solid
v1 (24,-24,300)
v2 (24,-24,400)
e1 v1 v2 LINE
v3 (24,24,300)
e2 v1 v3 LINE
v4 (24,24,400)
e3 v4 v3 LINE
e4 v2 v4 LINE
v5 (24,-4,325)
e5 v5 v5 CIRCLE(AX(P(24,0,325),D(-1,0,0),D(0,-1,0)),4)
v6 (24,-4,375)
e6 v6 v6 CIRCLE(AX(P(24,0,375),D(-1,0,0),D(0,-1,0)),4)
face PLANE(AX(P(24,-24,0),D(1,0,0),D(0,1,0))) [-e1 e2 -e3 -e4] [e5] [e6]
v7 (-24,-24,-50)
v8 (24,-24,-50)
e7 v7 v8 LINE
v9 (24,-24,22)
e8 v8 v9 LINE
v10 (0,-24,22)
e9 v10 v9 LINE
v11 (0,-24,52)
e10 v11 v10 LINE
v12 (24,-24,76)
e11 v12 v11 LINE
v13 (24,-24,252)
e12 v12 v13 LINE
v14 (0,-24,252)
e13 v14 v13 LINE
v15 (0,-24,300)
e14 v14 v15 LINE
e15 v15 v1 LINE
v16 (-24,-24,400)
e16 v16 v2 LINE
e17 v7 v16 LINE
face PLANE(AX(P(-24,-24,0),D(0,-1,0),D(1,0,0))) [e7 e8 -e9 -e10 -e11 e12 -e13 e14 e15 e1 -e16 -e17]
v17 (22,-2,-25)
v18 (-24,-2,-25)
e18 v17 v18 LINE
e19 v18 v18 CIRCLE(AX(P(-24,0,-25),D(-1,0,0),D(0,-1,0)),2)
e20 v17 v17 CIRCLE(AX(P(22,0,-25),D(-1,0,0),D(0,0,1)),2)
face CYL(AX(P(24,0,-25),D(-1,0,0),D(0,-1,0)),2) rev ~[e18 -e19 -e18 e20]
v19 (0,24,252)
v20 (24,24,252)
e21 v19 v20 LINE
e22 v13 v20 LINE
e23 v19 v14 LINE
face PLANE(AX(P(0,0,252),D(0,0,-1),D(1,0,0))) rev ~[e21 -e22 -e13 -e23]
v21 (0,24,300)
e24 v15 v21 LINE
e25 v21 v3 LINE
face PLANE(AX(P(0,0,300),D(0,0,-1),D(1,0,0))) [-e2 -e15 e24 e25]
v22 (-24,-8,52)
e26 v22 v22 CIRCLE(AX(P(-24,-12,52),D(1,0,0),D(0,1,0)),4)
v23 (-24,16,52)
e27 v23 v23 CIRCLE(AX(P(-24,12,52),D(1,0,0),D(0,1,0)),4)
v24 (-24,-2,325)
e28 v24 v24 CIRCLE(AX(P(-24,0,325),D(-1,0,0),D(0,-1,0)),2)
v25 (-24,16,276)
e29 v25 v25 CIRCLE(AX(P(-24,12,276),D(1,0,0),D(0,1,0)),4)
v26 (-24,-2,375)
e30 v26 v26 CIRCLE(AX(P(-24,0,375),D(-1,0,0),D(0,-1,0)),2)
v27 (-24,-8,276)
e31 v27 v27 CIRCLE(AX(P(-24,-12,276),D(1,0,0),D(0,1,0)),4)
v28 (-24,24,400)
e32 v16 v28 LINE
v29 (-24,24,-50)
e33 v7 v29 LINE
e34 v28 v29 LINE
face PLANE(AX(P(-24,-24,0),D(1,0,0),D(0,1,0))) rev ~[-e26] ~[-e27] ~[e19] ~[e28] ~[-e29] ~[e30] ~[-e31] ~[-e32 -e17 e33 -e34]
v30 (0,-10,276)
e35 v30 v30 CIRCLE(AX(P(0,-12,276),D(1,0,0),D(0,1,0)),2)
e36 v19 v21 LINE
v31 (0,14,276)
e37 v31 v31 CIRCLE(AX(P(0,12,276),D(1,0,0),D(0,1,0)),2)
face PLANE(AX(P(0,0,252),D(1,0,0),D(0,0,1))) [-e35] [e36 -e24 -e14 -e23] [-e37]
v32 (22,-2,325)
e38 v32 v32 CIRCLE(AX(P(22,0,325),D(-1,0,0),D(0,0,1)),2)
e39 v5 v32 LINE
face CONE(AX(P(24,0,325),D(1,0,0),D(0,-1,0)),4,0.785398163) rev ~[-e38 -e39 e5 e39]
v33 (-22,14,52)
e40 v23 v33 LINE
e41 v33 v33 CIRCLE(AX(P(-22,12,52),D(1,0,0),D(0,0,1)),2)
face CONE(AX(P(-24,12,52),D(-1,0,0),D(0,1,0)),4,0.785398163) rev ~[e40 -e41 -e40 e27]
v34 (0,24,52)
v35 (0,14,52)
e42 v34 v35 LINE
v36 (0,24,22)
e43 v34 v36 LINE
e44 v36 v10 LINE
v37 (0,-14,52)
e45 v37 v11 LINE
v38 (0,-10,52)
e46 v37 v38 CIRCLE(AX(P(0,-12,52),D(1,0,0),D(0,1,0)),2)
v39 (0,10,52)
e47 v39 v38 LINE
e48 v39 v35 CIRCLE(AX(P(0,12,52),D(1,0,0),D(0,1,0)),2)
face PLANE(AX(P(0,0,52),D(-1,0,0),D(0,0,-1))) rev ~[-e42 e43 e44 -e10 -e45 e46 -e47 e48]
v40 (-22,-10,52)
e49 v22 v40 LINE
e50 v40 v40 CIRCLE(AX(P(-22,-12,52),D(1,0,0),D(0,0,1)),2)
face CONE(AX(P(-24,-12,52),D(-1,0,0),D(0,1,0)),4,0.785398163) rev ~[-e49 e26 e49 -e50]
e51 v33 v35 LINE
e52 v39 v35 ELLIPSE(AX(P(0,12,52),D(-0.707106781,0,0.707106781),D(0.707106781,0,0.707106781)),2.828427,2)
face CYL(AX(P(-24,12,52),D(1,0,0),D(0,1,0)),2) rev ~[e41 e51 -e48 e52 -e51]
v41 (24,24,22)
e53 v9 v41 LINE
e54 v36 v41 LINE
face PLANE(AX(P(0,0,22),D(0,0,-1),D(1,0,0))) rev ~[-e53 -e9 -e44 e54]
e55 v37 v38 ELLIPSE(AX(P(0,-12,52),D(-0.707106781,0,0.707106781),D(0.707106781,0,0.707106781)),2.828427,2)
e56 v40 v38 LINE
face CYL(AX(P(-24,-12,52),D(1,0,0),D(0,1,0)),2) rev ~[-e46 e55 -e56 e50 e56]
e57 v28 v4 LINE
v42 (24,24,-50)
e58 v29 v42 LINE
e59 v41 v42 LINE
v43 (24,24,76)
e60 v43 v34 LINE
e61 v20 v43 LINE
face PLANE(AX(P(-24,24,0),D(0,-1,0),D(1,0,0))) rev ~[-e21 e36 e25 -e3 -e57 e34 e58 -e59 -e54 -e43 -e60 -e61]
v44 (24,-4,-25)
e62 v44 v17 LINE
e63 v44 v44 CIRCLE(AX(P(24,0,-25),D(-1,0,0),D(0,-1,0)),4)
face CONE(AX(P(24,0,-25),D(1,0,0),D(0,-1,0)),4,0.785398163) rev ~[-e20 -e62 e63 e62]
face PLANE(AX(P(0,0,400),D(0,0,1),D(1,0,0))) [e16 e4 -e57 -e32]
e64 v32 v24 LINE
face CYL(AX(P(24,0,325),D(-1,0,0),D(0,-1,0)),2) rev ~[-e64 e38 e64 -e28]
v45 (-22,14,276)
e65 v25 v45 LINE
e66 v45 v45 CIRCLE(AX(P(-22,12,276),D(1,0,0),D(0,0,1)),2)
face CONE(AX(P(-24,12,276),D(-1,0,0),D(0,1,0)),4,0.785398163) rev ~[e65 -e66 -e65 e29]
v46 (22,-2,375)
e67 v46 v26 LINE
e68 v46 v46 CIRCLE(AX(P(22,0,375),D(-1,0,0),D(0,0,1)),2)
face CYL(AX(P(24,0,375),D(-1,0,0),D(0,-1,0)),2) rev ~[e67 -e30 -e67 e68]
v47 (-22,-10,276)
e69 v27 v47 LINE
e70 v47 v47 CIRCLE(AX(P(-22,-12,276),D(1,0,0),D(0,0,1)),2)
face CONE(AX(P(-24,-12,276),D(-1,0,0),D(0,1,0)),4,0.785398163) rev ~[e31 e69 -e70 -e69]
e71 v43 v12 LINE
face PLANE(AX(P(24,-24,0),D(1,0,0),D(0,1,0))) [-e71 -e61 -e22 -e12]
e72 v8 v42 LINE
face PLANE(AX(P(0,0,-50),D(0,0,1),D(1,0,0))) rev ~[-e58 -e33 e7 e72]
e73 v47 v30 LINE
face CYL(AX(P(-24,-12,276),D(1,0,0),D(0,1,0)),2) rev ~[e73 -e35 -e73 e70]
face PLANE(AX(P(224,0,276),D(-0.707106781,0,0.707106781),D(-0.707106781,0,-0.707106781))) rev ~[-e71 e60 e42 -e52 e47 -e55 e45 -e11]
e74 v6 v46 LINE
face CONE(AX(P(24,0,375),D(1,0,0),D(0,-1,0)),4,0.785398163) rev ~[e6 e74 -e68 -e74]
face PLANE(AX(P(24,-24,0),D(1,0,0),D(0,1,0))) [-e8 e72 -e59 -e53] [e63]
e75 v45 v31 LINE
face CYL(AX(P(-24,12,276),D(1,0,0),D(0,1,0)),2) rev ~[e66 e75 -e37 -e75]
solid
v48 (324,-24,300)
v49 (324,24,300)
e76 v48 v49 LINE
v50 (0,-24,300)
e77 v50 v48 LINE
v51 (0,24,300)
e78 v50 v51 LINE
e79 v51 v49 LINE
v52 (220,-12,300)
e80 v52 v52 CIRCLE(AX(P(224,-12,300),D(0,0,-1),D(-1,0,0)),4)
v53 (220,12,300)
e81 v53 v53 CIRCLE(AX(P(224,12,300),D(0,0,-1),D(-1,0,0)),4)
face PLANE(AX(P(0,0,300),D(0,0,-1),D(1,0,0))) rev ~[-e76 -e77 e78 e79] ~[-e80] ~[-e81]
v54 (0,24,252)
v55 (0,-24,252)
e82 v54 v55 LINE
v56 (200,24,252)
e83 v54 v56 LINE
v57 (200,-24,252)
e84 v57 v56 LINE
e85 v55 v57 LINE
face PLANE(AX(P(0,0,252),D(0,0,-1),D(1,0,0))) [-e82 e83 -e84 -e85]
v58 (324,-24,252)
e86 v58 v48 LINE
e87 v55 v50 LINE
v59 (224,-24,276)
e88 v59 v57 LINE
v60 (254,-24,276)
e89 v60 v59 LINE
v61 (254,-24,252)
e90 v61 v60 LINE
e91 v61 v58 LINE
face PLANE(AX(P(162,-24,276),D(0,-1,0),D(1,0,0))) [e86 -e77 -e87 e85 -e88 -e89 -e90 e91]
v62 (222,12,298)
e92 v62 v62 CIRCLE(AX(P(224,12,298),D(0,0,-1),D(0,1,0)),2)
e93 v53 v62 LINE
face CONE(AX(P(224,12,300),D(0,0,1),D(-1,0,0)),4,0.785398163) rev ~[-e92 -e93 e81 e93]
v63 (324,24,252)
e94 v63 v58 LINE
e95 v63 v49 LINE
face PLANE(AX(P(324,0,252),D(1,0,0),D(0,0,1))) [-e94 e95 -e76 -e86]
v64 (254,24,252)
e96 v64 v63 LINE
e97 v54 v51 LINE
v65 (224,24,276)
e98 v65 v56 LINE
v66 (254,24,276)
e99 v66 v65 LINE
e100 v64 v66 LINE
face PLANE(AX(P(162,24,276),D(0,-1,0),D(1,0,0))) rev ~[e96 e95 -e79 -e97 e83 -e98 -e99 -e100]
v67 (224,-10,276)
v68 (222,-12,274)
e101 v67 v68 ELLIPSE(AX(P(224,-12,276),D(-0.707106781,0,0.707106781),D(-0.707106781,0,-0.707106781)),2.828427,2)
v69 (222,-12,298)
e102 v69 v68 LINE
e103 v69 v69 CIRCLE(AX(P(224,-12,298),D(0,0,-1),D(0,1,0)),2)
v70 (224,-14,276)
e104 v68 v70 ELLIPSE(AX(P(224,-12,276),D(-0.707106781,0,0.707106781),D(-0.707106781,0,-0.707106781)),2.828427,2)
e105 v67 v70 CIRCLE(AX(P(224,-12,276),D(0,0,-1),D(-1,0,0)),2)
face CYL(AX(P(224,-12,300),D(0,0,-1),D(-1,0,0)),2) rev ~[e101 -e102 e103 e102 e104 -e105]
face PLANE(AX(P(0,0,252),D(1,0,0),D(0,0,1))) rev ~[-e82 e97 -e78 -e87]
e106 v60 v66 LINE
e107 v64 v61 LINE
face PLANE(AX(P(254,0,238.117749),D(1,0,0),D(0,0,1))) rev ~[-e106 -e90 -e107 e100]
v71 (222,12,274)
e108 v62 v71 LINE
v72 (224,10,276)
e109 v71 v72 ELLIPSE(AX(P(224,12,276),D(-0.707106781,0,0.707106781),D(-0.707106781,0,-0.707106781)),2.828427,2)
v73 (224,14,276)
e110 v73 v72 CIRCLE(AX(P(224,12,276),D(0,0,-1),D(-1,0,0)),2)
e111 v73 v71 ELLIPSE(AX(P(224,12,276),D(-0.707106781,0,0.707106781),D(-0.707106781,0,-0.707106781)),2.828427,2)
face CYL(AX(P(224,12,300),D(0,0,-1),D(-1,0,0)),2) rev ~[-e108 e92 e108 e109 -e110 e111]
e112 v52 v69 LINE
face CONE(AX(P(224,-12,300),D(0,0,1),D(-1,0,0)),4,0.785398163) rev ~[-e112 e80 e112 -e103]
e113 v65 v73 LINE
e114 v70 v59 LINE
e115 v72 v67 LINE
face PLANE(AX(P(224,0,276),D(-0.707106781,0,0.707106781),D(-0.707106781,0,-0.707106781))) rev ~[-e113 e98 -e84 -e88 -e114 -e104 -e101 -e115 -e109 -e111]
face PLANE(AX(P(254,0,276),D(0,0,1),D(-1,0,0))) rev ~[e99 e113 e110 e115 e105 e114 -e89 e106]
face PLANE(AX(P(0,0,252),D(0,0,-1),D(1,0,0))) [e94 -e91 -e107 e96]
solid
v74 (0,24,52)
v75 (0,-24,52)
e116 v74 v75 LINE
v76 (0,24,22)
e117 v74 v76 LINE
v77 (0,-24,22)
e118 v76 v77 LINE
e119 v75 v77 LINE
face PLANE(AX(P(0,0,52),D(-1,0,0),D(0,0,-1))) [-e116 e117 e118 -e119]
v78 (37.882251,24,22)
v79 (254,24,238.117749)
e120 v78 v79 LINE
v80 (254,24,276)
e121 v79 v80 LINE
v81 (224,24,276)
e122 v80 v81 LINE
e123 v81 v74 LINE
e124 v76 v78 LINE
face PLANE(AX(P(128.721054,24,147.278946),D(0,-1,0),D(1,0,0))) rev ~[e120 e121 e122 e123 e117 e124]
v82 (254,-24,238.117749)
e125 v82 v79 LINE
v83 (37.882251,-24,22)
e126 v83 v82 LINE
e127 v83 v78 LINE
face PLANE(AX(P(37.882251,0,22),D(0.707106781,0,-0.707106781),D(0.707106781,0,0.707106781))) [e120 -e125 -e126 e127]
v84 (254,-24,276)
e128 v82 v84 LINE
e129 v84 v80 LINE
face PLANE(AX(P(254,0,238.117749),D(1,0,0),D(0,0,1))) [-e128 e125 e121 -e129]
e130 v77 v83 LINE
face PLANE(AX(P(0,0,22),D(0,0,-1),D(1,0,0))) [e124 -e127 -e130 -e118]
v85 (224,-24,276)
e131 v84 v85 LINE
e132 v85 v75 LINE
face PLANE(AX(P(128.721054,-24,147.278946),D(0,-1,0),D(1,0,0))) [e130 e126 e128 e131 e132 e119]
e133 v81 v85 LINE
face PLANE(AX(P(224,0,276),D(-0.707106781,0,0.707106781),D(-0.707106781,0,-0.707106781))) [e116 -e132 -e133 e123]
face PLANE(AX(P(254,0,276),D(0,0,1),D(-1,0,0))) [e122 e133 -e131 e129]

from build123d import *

# Parameters (mm, degrees)
F0_W            = 48
F0_H            = 48
F1_DEPTH        = 400
F1_DEPTH_BACK   = 50
F2_W            = 324
F2_H            = 48
F3_DEPTH        = 24
F5_DEPTH        = 24
F6_DEPTH        = 24
F7_DEPTH        = 24
F8_DEPTH        = 24
F9_DEPTH        = 25
F12_D           = 4
F12_CSINK_D     = 8
F12_CSINK_ANGLE = 90
F14_D           = 4
F14_CSINK_D     = 8
F14_CSINK_ANGLE = 90
F16_D           = 4
F16_CSINK_D     = 8
F16_CSINK_ANGLE = 90


with BuildPart() as f1:
    # F0 (on Top) → F1 (new body, two sides)
    with BuildSketch(Plane.XY) as f1_sk:
        Rectangle(F0_W, F0_H)
    extrude(amount=F1_DEPTH)
    extrude(f1_sk.sketch, amount=-F1_DEPTH_BACK)

    # F2 (on Front) → F3 (cut, symmetric)
    with BuildSketch(Plane.XZ):
        with Locations((162, 276)):
            Rectangle(F2_W, F2_H)
    extrude(amount=F3_DEPTH, both=True, mode=Mode.SUBTRACT)

    # F4 (on Front) → F5 (cut, symmetric)
    with BuildSketch(Plane.XZ):
        Polygon((254, 276), (224, 276), (0, 52), (0, 22), (37.8822509939, 22), (254, 238.1177490061), align=None)
    extrude(amount=F5_DEPTH, both=True, mode=Mode.SUBTRACT)

    # F14 (through all)
    with Locations(Plane(origin=(-24, 0, 0), x_dir=(0, -1, 0), z_dir=(-1, 0, 0))):
        with Locations((-12, 276), (12, 276), (-12, 52), (12, 52)):
            CounterSinkHole(F14_D / 2, F14_CSINK_D / 2, counter_sink_angle=F14_CSINK_ANGLE)

    # F16 (through all)
    with Locations(Plane.YZ.offset(24)):
        with Locations((0, 375), (0, 325), (0, -25)):
            CounterSinkHole(F16_D / 2, F16_CSINK_D / 2, counter_sink_angle=F16_CSINK_ANGLE)


with BuildPart() as f6:
    # F2 (on Front) → F6 (new body, symmetric)
    with BuildSketch(Plane.XZ):
        with Locations((162, 276)):
            Rectangle(F2_W, F2_H)
    extrude(amount=F6_DEPTH, both=True)

    # F4 (on Front) → F7 (cut, symmetric)
    with BuildSketch(Plane.XZ):
        Polygon((254, 276), (224, 276), (0, 52), (0, 22), (37.8822509939, 22), (254, 238.1177490061), align=None)
    extrude(amount=F7_DEPTH, both=True, mode=Mode.SUBTRACT)

    # F12 (through all)
    with Locations(Plane.XY.offset(300)):
        with Locations((224, -12), (224, 12)):
            CounterSinkHole(F12_D / 2, F12_CSINK_D / 2, counter_sink_angle=F12_CSINK_ANGLE)


with BuildPart() as f8:
    # F4 (on Front) → F8 (new body, symmetric)
    with BuildSketch(Plane.XZ):
        Polygon((254, 276), (224, 276), (0, 52), (0, 22), (37.8822509939, 22), (254, 238.1177490061), align=None)
    extrude(amount=F8_DEPTH, both=True)


with BuildPart() as f9:
    # F4 (on Front) → F9 (new body)
    with BuildSketch(Plane.XZ):
        Polygon((254, 276), (224, 276), (0, 52), (0, 22), (37.8822509939, 22), (254, 238.1177490061), align=None)
    extrude(amount=F9_DEPTH)


solid = Compound([f1.part, f6.part, f8.part])
